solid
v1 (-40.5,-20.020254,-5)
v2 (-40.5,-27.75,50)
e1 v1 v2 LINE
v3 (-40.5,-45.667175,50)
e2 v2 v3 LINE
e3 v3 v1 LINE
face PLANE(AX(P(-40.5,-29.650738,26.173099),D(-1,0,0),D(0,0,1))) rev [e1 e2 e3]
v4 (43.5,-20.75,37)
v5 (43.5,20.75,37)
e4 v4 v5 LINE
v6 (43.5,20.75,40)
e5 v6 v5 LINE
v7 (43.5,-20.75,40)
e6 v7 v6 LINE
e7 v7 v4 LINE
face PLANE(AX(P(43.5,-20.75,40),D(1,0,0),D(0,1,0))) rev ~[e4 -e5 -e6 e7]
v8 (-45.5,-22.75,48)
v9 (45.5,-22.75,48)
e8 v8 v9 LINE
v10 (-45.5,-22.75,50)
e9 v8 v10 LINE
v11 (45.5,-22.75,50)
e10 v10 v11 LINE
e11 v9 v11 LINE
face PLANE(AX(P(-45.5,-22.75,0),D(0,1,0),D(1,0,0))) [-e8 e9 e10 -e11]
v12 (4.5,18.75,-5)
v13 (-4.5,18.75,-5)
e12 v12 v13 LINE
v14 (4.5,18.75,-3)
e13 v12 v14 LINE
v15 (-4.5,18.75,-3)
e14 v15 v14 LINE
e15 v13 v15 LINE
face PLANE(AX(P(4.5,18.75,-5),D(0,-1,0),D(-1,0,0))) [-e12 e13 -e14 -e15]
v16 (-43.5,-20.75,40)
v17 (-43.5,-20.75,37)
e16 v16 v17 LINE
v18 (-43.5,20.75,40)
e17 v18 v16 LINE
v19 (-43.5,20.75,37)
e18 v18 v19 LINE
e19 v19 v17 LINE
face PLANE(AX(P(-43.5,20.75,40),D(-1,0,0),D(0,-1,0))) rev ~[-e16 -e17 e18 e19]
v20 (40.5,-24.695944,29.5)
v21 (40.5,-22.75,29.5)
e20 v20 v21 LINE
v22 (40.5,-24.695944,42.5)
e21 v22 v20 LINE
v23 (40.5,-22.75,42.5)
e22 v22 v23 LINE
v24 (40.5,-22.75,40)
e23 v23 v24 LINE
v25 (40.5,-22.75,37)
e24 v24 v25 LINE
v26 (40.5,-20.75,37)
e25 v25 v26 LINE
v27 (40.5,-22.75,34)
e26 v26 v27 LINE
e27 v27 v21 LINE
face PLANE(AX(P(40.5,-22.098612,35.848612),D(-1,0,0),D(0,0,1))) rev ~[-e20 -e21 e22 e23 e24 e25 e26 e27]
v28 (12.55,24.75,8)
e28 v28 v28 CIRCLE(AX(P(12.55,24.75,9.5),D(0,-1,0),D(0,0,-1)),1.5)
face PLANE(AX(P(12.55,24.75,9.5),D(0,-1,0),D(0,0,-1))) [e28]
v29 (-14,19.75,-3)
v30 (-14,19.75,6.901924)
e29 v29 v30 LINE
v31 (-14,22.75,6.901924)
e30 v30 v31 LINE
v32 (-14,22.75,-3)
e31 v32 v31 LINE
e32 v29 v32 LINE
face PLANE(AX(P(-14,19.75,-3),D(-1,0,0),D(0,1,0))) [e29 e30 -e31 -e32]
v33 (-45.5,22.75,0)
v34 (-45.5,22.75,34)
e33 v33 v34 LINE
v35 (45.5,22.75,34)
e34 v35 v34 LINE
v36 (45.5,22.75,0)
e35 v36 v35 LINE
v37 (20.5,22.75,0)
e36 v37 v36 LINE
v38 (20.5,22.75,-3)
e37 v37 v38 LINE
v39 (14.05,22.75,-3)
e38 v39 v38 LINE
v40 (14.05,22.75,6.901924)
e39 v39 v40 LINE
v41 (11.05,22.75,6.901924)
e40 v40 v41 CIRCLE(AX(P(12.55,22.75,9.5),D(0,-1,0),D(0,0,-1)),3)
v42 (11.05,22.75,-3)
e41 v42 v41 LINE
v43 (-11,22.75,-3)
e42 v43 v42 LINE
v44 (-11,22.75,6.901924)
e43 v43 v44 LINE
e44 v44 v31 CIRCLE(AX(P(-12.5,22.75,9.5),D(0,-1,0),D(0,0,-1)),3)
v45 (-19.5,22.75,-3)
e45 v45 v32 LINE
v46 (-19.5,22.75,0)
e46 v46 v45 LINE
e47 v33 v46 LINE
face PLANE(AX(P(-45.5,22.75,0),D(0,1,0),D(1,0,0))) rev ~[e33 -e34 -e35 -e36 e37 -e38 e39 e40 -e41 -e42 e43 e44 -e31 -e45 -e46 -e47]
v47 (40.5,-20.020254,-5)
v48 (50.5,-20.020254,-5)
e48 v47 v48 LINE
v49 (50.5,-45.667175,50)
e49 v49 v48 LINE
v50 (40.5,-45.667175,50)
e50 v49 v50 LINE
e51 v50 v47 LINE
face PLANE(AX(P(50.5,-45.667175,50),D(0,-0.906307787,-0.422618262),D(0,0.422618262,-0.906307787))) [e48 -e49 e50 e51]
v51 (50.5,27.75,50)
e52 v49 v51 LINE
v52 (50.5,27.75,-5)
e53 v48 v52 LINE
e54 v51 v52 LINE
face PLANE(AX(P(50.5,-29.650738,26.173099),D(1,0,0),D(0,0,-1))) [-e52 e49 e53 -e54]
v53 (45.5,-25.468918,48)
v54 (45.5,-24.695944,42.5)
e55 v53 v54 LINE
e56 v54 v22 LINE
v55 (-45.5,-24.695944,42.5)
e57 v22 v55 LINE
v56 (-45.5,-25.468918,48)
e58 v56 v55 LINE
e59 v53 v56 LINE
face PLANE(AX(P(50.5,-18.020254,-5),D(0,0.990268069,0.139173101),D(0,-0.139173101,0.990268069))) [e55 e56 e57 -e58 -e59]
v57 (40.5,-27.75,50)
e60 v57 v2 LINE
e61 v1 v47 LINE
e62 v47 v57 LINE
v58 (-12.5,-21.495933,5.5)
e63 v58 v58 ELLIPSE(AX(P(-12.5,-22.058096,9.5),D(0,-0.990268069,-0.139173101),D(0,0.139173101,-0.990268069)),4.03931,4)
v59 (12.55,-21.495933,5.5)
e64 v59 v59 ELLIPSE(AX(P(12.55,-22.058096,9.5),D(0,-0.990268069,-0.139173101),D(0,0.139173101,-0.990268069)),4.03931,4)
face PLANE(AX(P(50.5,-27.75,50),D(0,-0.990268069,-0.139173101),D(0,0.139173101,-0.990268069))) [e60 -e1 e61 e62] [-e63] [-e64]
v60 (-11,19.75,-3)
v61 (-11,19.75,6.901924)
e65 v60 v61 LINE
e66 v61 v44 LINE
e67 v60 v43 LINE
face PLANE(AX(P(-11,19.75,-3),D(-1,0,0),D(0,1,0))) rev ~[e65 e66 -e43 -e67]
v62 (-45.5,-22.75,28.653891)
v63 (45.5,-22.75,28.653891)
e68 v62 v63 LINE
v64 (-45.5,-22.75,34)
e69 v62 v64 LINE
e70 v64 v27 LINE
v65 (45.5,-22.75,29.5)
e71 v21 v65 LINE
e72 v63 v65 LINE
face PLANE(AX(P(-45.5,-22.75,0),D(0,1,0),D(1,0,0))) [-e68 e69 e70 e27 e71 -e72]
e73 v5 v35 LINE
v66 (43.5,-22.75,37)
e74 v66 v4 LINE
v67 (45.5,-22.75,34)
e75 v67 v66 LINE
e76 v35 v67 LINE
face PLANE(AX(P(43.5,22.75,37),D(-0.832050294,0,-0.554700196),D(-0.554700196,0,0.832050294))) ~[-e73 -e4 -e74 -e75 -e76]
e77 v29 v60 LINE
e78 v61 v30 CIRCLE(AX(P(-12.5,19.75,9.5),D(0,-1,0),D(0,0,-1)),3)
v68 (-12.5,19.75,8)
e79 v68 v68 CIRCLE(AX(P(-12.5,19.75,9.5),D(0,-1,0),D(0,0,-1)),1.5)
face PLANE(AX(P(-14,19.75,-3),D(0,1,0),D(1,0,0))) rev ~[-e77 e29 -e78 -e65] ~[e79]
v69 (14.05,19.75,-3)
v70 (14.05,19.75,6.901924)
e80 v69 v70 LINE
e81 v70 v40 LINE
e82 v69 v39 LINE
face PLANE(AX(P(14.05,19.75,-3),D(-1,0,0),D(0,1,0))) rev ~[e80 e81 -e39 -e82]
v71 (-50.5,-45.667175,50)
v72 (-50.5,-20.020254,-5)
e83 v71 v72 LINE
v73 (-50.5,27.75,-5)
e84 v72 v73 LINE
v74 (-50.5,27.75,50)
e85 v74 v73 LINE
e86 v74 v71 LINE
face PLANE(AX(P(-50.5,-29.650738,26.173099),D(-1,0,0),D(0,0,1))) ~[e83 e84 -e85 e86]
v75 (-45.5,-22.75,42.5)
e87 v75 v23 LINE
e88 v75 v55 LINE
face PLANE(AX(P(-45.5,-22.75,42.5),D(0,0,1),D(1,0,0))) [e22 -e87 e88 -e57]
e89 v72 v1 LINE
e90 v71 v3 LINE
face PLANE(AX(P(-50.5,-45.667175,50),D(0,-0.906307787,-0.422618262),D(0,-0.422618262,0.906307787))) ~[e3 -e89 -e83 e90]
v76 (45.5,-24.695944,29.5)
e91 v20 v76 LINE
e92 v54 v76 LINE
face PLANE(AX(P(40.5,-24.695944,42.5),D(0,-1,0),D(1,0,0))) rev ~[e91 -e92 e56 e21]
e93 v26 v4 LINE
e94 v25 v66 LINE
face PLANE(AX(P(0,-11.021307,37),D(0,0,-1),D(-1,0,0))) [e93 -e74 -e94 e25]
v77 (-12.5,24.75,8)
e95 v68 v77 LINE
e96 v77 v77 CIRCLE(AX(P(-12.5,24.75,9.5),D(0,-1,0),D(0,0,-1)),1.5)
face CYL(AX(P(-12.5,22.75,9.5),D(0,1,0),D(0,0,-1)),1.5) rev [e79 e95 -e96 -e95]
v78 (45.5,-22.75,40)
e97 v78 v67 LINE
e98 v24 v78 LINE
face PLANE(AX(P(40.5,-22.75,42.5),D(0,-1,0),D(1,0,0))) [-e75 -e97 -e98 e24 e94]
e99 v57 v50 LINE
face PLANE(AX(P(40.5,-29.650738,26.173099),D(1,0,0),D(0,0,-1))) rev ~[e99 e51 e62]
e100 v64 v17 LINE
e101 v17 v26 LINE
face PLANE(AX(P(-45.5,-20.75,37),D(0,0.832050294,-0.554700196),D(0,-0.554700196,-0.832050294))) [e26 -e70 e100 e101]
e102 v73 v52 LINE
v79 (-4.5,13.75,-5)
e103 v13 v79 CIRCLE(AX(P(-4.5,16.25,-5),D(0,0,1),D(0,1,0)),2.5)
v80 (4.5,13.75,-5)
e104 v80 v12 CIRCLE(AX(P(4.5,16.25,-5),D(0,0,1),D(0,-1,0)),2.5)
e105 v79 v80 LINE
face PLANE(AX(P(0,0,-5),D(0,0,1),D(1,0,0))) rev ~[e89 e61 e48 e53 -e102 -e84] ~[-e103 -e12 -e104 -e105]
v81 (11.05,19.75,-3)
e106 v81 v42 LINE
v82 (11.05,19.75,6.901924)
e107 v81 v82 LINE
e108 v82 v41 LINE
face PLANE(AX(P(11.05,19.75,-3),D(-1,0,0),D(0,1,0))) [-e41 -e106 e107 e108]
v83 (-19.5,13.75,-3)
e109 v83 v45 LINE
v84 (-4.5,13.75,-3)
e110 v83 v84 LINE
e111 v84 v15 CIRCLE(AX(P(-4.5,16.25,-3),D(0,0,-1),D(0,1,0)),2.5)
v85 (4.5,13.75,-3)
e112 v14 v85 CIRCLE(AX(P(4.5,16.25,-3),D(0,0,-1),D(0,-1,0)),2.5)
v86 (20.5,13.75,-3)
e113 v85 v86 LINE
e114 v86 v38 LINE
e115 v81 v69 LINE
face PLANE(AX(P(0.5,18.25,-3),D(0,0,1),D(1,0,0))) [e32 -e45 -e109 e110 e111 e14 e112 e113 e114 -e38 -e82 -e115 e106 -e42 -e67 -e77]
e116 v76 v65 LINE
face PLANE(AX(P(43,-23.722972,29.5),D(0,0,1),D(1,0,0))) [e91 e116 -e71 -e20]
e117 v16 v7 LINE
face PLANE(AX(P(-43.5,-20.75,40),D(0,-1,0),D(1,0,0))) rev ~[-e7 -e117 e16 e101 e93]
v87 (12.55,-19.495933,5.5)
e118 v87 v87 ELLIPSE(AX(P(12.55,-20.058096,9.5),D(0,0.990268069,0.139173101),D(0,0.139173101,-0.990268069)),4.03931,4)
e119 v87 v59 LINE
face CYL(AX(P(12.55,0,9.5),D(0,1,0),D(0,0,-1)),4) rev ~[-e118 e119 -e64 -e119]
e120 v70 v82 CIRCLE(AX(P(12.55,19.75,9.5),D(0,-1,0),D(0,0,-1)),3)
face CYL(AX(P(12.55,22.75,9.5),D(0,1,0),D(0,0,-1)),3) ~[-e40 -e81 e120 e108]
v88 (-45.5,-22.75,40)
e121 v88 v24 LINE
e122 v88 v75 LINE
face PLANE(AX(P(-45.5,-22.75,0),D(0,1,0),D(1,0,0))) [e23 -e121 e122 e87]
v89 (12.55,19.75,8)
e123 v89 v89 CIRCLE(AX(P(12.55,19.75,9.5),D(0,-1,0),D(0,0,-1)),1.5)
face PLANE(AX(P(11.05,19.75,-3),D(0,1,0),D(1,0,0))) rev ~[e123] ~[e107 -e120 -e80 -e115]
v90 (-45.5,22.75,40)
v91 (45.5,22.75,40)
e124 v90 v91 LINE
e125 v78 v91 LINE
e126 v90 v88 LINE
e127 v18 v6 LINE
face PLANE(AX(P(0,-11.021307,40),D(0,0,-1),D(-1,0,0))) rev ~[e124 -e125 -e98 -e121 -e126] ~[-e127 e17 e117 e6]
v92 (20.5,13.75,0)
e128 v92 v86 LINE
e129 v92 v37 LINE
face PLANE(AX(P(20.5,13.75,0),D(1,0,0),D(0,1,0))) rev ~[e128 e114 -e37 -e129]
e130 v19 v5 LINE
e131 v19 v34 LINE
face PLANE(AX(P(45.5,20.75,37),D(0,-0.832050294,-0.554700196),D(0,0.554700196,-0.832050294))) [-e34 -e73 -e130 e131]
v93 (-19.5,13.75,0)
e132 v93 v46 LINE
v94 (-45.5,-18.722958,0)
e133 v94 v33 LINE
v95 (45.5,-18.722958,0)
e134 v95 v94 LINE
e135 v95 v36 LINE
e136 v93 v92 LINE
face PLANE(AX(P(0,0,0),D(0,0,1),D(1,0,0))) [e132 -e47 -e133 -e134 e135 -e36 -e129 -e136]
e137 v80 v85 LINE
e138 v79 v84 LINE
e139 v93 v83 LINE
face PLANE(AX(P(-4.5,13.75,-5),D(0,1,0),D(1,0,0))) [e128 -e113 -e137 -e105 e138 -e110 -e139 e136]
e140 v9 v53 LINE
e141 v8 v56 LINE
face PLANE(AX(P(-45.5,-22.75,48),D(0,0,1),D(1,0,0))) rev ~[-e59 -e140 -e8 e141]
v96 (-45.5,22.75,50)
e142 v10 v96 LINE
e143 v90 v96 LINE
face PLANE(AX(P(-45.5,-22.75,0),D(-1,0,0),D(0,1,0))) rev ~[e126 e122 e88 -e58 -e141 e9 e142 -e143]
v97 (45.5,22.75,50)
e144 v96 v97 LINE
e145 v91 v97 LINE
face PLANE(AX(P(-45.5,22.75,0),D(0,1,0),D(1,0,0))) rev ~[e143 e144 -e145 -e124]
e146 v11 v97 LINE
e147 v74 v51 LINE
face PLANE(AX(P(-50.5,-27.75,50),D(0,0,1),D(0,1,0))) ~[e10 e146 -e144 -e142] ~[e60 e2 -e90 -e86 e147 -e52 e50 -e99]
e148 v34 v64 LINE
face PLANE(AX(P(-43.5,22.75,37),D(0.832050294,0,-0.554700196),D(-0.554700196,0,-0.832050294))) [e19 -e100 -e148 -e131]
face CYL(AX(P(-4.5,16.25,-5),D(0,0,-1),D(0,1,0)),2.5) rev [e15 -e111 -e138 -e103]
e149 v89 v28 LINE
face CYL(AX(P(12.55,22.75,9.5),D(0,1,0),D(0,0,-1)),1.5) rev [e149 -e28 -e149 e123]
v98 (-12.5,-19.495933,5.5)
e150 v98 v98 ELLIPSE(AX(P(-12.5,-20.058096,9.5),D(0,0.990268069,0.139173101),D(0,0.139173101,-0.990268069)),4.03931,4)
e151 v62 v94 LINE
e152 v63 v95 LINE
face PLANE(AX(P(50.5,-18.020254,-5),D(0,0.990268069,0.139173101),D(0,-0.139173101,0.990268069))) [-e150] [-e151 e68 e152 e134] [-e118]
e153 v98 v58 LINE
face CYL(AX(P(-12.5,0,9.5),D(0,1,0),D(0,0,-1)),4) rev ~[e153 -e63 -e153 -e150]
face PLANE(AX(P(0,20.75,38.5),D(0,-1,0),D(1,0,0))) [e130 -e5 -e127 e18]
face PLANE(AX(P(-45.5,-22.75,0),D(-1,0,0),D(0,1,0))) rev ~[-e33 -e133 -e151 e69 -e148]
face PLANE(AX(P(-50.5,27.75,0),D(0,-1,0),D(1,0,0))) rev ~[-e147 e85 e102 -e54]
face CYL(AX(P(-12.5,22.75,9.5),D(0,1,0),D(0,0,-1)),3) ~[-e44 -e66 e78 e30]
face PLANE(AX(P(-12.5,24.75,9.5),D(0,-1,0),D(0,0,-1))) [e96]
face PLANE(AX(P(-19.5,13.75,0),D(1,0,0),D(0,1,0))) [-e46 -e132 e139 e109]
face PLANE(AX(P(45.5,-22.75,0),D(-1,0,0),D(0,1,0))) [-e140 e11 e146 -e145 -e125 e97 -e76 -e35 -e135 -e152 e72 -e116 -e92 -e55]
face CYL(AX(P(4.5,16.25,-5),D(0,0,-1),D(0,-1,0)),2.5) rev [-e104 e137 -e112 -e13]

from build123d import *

# Parameters (mm, degrees)
SKETCH_1_W          = 101
SKETCH_1_H          = 55.5
SKETCH_1_W_2        = 91
SKETCH_1_H_2        = 45.5
EXTRUDE_1_DEPTH     = 50
SKETCH_2_W          = 101
SKETCH_2_H          = 55.5
EXTRUDE_2_DEPTH     = 5
SKETCH_4_W          = 101
SKETCH_4_H          = 3
EXTRUDE_3_DEPTH     = 2
SKETCH_7_W          = 91
SKETCH_7_H          = 5.5
CUT_EXTRUDE_1_DEPTH = 3
SKETCH_9_W          = 40
SKETCH_9_H          = 9
CUT_EXTRUDE_2_DEPTH = 3
CUT_EXTRUDE_3_DEPTH = 10
CUT_EXTRUDE_4_DEPTH = 106
EXTRUDE_4_DEPTH     = 100
SKETCH_13_R         = 4
CUT_EXTRUDE_5_DEPTH = 137
SKETCH_14_R         = 3
SKETCH_14_R_2       = 1.5
EXTRUDE_5_DEPTH     = 3
CUT_EXTRUDE_START   = -2
SKETCH_14_3_R       = 1.5
CUT_EXTRUDE_6_DEPTH = 2
EXTRUDE_6_DEPTH     = 3
EXTRUDE_7_DEPTH     = 10
EXTRUDE_9_REACH     = 100.647
EXTRUDE_8_REACH     = 88.283
SKETCH_18_W         = 3
SKETCH_18_H         = 3
SKETCH_19_W         = 5
SKETCH_19_H         = 1.94594374
CUT_EXTRUDE_7_DEPTH = 13
EXTRUDE_10_REACH    = 119.48
EXTRUDE_11_DEPTH    = 86


with BuildPart() as part:
    # 草图1 → 凸台-拉伸1 (new body)
    with BuildSketch(Plane.XY):
        Rectangle(SKETCH_1_W, SKETCH_1_H)
        Rectangle(SKETCH_1_W_2, SKETCH_1_H_2, mode=Mode.SUBTRACT)
    extrude(amount=EXTRUDE_1_DEPTH)

    # 草图2 → 凸台-拉伸2 (add)
    with BuildSketch(Plane.XY):
        Rectangle(SKETCH_2_W, SKETCH_2_H)
    extrude(amount=-EXTRUDE_2_DEPTH)

    # 草图4 → 凸台-拉伸3 (add)
    with BuildSketch(Plane.XZ.offset(-22.75)):
        with Locations((0, 38.5)):
            Rectangle(SKETCH_4_W, SKETCH_4_H)
    extrude(amount=EXTRUDE_3_DEPTH)

    # 草图7 → 切除-拉伸1 (cut)
    with BuildSketch(Plane(origin=(0, -22.75, 0), x_dir=(1, 0, 0), z_dir=(0, 1, 0))):
        with Locations((0, -45.25)):
            Rectangle(SKETCH_7_W, SKETCH_7_H)
    extrude(amount=-CUT_EXTRUDE_1_DEPTH, mode=Mode.SUBTRACT)

    # 草图9 → 切除-拉伸2 (cut)
    with BuildSketch(Plane.XY):
        with Locations((0.5, 18.25)):
            Rectangle(SKETCH_9_W, SKETCH_9_H)
    extrude(amount=-CUT_EXTRUDE_2_DEPTH, mode=Mode.SUBTRACT)

    # 草图10 → 切除-拉伸3 (cut)
    with BuildSketch(Plane(origin=(0, 0, -5), x_dir=(-1, 0, 0), z_dir=(0, 0, -1))):
        with BuildLine():
            Line((-4.5, 18.75), (4.5, 18.75))
            ThreePointArc((4.5, 18.75), (7, 16.25), (4.5, 13.75))
            Line((4.5, 13.75), (-4.5, 13.75))
            ThreePointArc((-4.5, 13.75), (-7, 16.25), (-4.5, 18.75))
        make_face()
    extrude(amount=-CUT_EXTRUDE_3_DEPTH, mode=Mode.SUBTRACT)

    # 草图11 → 切除-拉伸4 (cut)
    with BuildSketch(Plane(origin=(50.5, 0, 0), x_dir=(0, 0, -1), z_dir=(1, 0, 0))):
        Polygon((-50, -27.75), (5, -20.020254091), (5, -27.75), align=None)
    extrude(amount=-CUT_EXTRUDE_4_DEPTH, mode=Mode.SUBTRACT)

    # 草图12 → 凸台-拉伸4 (add)
    with BuildSketch(Plane(origin=(50.5, 0, 0), x_dir=(0, 0, -1), z_dir=(1, 0, 0))):
        Polygon((5, -20.020254091), (5, -18.020254091), (-50, -25.75), (-50, -27.75), align=None)
    extrude(amount=-EXTRUDE_4_DEPTH)

    # 草图13 → 切除-拉伸5 (cut)
    with BuildSketch(Plane(origin=(0, 0, 0), x_dir=(1, 0, 0), z_dir=(0, 1, 0))):
        with Locations(Location((-12.5, -9.5, 0), (0, 0, 90))):
            Circle(SKETCH_13_R)
        with Locations(Location((12.55, -9.5, 0), (0, 0, 90))):
            Circle(SKETCH_13_R)
    extrude(amount=-CUT_EXTRUDE_5_DEPTH, mode=Mode.SUBTRACT)

    # 草图14 → 凸台-拉伸5 (add)
    # profile 1 of 2: a face of its own
    with BuildSketch(Plane.XZ.offset(-22.75)):
        with Locations(Location((-12.5, 9.5, 0), (0, 0, 270))):
            Circle(SKETCH_14_R)
        with Locations(Location((-12.5, 9.5, 0), (0, 0, 270))):
            Circle(SKETCH_14_R_2, mode=Mode.SUBTRACT)
    # profile 2 of 2: a face of its own
    with BuildSketch(Plane.XZ.offset(-22.75)):
        with Locations(Location((12.55, 9.5, 0), (0, 0, 270))):
            Circle(SKETCH_14_R)
        with Locations(Location((12.55, 9.5, 0), (0, 0, 270))):
            Circle(SKETCH_14_R_2, mode=Mode.SUBTRACT)
    extrude(amount=EXTRUDE_5_DEPTH)

    # 草图14<3> → 切除-拉伸6 (cut)
    with BuildSketch(Plane.XZ.offset(-22.75).offset(CUT_EXTRUDE_START)):
        with Locations(Location((-12.5, 9.5, 0), (0, 0, 270))):
            Circle(SKETCH_14_3_R)
        with Locations(Location((12.55, 9.5, 0), (0, 0, 270))):
            Circle(SKETCH_14_3_R)
    extrude(amount=CUT_EXTRUDE_6_DEPTH, mode=Mode.SUBTRACT)

    # 草图15 → 凸台-拉伸6 (add)
    with BuildSketch(Plane.XY.offset(40)):
        Polygon((-45.5, 20.75), (-43.5, 20.75), (-43.5, -20.75), (43.5, -20.75), (43.5, 20.75), (45.5, 20.75), (45.5, -22.75), (43.3124719, -22.75), (-43.5, -22.75), (-45.5, -22.75), align=None)
    extrude(amount=-EXTRUDE_6_DEPTH)

    # 草图17 → 凸台-拉伸7 (add)
    with BuildSketch(Plane(origin=(50.5, 0, 0), x_dir=(0, 0, -1), z_dir=(1, 0, 0))):
        Polygon((-50, -27.75), (-50, -45.66717529), (5, -20.020254091), align=None)
    extrude_7 = extrude(amount=-EXTRUDE_7_DEPTH)

    # 镜向1: 凸台-拉伸7 across plane
    add(extrude_7.mirror(Plane(origin=(0, 0, 0), x_dir=(0, 0, 1), z_dir=(1, 0, 0))))

    # 草图21 → 凸台-拉伸9 (add, up to next)
    with BuildSketch(Plane.XZ.offset(-22.75), mode=Mode.PRIVATE) as extrude_9_sk1:
        Polygon((-45.5, 34), (-45.5, 37), (-43.5, 37), align=None)
    extrude_9_tool1 = extrude(extrude_9_sk1.sketch, amount=EXTRUDE_9_REACH, mode=Mode.PRIVATE) - part.part
    extrude_9 = extrude_9_tool1.solids().sort_by_distance((-44.833333, 22.75, 36))[0]
    add(extrude_9)

    # 镜向2: 凸台-拉伸9 across plane
    add(extrude_9.mirror(Plane(origin=(0, 0, 0), x_dir=(0, 0, 1), z_dir=(1, 0, 0))))

    # 草图18 → 凸台-拉伸8 (add, up to next)
    with BuildSketch(Plane.XY.offset(-3), mode=Mode.PRIVATE) as extrude_8_sk1:
        with Locations((-12.5, 21.25)):
            Rectangle(SKETCH_18_W, SKETCH_18_H)
    extrude_8_tool1 = extrude(extrude_8_sk1.sketch, amount=EXTRUDE_8_REACH, mode=Mode.PRIVATE) - part.part
    # 草图18 → 凸台-拉伸8 (add, up to next)
    with BuildSketch(Plane.XY.offset(-3), mode=Mode.PRIVATE) as extrude_8_sk2:
        with Locations((12.55, 21.25)):
            Rectangle(SKETCH_18_W, SKETCH_18_H)
    extrude_8_tool2 = extrude(extrude_8_sk2.sketch, amount=EXTRUDE_8_REACH, mode=Mode.PRIVATE) - part.part
    add(extrude_8_tool1.solids().sort_by_distance((-12.5, 21.25, -3))[0])
    add(extrude_8_tool2.solids().sort_by_distance((12.55, 21.25, -3))[0])

    # 草图19 → 切除-拉伸7 (cut)
    with BuildSketch(Plane.XY.offset(42.5)):
        with Locations((43, -23.72297187)):
            Rectangle(SKETCH_19_W, SKETCH_19_H)
    extrude(amount=-CUT_EXTRUDE_7_DEPTH, mode=Mode.SUBTRACT)

    # 凸台-拉伸10: up to this plane
    extrude_10_end = Plane(origin=(-43.5, -45.66917529, 37), z_dir=(-0.8320502943378437, 0, 0.5547001962252291))
    # 草图23 → 凸台-拉伸10 (add, up to the surface)
    with BuildSketch(Plane.ZY.offset(-45.5), mode=Mode.PRIVATE) as extrude_10_sk1:
        Polygon((34, 22.75), (37, 22.75), (37, 20.75), align=None)
    extrude_10_tool1 = split(extrude(extrude_10_sk1.sketch, amount=EXTRUDE_10_REACH, mode=Mode.PRIVATE), bisect_by=extrude_10_end, keep=Keep.BOTH, mode=Mode.PRIVATE)
    add(extrude_10_tool1.solids().sort_by_distance((45.5, 22.083333, 36))[0])

    # 草图24 → 凸台-拉伸11 (add)
    with BuildSketch(Plane(origin=(-45.5, 0, 0), x_dir=(0, 0, -1), z_dir=(1, 0, 0))):
        Polygon((-34, -22.75), (-37, -22.75), (-37, -20.75), align=None)
    extrude(amount=EXTRUDE_11_DEPTH)


solid = part.part
